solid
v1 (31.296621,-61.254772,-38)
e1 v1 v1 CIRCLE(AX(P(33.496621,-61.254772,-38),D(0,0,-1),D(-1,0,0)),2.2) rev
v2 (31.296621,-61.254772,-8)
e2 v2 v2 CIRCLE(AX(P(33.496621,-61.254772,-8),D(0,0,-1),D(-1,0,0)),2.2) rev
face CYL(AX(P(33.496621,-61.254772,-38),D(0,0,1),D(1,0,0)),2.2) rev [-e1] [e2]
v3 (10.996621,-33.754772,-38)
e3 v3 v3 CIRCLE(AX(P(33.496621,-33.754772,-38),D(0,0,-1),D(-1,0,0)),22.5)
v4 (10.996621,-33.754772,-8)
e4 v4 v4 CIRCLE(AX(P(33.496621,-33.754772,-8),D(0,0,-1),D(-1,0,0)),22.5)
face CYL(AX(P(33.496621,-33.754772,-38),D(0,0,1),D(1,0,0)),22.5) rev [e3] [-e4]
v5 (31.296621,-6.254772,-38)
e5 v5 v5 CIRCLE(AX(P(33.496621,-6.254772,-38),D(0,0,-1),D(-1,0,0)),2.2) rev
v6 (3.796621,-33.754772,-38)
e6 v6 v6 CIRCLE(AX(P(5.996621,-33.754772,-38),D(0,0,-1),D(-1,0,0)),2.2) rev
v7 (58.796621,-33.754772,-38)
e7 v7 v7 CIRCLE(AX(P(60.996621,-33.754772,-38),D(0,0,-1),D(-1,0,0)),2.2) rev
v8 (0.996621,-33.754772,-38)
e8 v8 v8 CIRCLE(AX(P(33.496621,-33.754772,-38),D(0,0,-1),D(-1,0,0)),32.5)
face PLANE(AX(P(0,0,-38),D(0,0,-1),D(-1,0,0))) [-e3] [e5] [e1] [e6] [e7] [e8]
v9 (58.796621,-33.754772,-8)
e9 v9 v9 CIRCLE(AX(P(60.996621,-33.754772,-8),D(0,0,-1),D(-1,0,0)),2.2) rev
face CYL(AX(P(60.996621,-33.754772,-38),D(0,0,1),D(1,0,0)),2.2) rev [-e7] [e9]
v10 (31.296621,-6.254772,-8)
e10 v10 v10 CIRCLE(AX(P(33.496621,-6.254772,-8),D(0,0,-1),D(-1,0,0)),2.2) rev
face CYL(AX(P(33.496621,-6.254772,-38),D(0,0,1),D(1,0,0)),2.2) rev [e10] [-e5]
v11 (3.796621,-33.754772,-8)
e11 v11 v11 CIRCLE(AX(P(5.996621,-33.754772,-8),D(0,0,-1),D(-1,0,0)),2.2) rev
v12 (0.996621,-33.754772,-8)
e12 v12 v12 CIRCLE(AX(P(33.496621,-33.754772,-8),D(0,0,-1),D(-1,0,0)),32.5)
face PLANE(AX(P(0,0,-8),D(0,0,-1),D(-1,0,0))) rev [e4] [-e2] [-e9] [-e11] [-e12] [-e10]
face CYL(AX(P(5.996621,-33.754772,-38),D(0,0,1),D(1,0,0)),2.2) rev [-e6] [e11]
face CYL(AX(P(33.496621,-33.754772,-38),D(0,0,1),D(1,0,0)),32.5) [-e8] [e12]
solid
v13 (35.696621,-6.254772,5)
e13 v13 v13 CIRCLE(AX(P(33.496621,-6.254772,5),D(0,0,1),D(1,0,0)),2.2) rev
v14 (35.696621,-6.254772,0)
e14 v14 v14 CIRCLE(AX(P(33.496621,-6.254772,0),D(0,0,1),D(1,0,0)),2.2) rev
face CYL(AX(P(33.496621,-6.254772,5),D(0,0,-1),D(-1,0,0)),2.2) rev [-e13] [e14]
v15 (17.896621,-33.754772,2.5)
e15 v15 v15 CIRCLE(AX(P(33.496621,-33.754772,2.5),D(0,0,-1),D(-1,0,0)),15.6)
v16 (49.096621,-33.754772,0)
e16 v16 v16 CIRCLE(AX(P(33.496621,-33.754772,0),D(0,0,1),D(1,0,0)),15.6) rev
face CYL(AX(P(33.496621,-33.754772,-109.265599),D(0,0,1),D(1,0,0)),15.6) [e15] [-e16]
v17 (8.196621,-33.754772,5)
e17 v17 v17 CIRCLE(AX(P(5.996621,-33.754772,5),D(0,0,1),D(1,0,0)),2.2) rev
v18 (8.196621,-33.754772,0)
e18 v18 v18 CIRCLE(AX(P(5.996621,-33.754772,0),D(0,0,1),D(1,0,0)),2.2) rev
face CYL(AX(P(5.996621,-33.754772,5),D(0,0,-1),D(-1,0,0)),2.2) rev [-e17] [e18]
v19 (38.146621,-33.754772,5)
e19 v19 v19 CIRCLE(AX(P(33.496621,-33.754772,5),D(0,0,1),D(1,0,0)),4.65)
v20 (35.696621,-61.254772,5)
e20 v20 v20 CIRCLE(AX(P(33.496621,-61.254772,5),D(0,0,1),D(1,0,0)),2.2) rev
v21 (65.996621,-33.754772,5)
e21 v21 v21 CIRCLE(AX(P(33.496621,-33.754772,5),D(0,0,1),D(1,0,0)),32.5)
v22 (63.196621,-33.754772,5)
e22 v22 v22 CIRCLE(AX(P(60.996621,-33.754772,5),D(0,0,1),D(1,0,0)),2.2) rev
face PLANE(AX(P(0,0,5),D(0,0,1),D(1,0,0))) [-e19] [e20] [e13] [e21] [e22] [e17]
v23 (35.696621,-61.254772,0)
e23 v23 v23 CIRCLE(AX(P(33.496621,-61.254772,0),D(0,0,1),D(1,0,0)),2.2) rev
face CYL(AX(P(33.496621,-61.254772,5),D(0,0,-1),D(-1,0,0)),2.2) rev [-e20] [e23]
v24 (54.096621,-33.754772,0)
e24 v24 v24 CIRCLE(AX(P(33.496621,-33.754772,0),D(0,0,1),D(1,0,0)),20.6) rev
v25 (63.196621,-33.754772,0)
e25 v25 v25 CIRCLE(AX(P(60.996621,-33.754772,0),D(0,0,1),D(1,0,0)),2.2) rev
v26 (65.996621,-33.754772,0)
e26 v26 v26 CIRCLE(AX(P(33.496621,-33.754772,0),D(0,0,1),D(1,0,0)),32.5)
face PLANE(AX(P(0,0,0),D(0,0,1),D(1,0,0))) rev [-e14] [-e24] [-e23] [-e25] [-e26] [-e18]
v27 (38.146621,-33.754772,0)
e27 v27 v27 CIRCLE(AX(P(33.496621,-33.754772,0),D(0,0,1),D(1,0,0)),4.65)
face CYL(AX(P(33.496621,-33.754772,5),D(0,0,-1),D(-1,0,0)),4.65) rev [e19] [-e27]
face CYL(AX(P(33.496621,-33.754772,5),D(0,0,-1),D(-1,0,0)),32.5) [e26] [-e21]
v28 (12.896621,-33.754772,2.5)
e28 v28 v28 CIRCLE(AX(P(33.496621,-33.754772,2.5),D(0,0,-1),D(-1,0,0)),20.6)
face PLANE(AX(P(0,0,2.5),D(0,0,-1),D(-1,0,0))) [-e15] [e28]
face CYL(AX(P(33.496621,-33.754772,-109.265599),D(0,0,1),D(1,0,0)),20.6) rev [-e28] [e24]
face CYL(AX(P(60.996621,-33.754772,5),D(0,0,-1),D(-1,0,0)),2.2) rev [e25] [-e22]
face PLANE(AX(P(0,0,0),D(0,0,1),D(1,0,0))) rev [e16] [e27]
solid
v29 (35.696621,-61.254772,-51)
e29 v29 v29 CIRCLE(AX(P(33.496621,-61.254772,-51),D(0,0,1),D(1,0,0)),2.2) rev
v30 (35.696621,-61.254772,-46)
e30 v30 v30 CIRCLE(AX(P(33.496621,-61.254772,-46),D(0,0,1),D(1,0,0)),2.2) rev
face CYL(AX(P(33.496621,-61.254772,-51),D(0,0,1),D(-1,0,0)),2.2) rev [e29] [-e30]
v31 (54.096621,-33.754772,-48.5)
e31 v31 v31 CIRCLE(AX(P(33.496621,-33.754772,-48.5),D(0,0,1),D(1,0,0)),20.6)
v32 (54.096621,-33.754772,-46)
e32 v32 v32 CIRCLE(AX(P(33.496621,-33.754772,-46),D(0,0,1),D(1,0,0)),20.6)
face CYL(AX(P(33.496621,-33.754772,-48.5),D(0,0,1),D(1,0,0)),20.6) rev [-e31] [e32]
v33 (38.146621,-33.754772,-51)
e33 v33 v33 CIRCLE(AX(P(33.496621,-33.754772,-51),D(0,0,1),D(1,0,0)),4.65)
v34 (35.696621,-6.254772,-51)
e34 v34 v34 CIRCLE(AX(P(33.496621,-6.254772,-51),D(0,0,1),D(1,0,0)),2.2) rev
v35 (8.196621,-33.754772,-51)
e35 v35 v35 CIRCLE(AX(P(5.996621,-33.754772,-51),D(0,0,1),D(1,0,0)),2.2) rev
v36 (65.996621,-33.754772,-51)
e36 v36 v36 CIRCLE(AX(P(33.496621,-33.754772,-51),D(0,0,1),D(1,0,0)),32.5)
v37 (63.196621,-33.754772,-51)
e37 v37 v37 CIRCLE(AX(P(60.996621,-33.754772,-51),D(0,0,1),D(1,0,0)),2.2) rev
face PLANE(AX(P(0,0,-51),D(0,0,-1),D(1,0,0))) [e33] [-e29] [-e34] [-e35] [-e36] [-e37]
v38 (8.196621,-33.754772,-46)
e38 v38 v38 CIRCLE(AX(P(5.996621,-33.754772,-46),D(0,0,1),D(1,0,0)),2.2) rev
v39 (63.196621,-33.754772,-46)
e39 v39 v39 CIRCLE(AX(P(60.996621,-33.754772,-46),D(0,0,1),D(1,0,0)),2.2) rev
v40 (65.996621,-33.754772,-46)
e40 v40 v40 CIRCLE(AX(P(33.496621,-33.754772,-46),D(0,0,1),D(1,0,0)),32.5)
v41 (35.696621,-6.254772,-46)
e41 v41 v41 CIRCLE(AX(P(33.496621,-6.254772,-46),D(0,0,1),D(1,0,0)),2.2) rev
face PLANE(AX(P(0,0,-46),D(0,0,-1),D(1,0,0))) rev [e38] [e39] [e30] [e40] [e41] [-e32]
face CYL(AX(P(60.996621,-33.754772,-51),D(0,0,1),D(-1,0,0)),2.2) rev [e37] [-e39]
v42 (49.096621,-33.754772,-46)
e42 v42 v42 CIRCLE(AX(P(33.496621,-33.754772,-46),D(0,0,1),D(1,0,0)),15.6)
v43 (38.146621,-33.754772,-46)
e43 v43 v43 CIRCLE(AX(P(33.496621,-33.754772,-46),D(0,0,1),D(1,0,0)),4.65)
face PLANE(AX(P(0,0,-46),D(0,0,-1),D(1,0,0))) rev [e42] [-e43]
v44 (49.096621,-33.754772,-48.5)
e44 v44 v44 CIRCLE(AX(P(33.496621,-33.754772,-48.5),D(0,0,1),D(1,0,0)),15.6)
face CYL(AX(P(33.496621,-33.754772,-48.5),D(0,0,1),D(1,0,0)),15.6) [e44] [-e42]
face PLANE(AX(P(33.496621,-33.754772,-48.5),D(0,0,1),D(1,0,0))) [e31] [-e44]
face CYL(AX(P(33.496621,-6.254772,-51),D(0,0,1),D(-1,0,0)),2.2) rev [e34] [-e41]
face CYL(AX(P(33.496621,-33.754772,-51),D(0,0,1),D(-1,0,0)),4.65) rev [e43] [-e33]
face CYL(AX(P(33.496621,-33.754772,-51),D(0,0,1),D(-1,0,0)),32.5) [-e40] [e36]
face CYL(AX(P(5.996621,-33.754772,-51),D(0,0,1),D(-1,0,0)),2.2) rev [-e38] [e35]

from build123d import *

# Parameters (mm, degrees)
SKETCH2_R               = 32.5
SKETCH2_R_2             = 2.2
SKETCH2_R_3             = 4.65
BOSS_EXTRUDE1_DEPTH     = 5
BOSS_EXTRUDE2_START     = 8
SKETCH3_R               = 32.5
SKETCH3_R_2             = 22.5
SKETCH3_R_3             = 2.2
BOSS_EXTRUDE2_DEPTH     = 30
CUT_EXTRUDE1_DEPTH      = 8
CUT_EXTRUDE1_DEPTH_BACK = 2.5
SKETCH4_R               = 20.6
SKETCH4_R_2             = 15.6
CUT_EXTRUDE2_START      = -2.5
SKETCH5_R               = 20.6
SKETCH5_R_2             = 15.6
CUT_EXTRUDE2_DEPTH      = 2.5


with BuildPart() as part:
    # Sketch2 → Boss-Extrude1 (new body)
    with BuildSketch(Plane.XY):
        with Locations((33.49662103, -33.754772237)):
            Circle(SKETCH2_R)
        with Locations((33.49662103, -6.254772237)):
            Circle(SKETCH2_R_2, mode=Mode.SUBTRACT)
        with Locations((5.99662103, -33.754772237)):
            Circle(SKETCH2_R_2, mode=Mode.SUBTRACT)
        with Locations((33.49662103, -61.254772237)):
            Circle(SKETCH2_R_2, mode=Mode.SUBTRACT)
        with Locations((60.99662103, -33.754772237)):
            Circle(SKETCH2_R_2, mode=Mode.SUBTRACT)
        with Locations((33.49662103, -33.754772237)):
            Circle(SKETCH2_R_3, mode=Mode.SUBTRACT)
    extrude(amount=BOSS_EXTRUDE1_DEPTH)


with BuildPart() as body_2:
    # Sketch3 → Boss-Extrude2 (new body)
    with BuildSketch(Plane(origin=(0, 0, 0), x_dir=(-1, 0, 0), z_dir=(0, 0, -1)).offset(BOSS_EXTRUDE2_START)):
        with Locations((-33.49662103, -33.754772237)):
            Circle(SKETCH3_R)
        with Locations((-33.49662103, -33.754772237)):
            Circle(SKETCH3_R_2, mode=Mode.SUBTRACT)
        with Locations((-33.49662103, -6.254772237)):
            Circle(SKETCH3_R_3, mode=Mode.SUBTRACT)
        with Locations((-5.99662103, -33.754772237)):
            Circle(SKETCH3_R_3, mode=Mode.SUBTRACT)
        with Locations((-33.49662103, -61.254772237)):
            Circle(SKETCH3_R_3, mode=Mode.SUBTRACT)
        with Locations((-60.99662103, -33.754772237)):
            Circle(SKETCH3_R_3, mode=Mode.SUBTRACT)
    extrude(amount=BOSS_EXTRUDE2_DEPTH)


with BuildPart() as body_3:
    # Mirror1: mirrored copy
    add(part.part.mirror(Plane(origin=(0, 0, -23), x_dir=(1, 0, 0), z_dir=(0, 0, -1))))

    # Sketch5 → Cut-Extrude2 (cut)
    with BuildSketch(Plane.XY.offset(-46).offset(CUT_EXTRUDE2_START)):
        with Locations((33.49662103, -33.754772237)):
            Circle(SKETCH5_R)
        with Locations((33.49662103, -33.754772237)):
            Circle(SKETCH5_R_2, mode=Mode.SUBTRACT)
    extrude(amount=CUT_EXTRUDE2_DEPTH, mode=Mode.SUBTRACT)


with BuildPart() as part_1:
    add(part.part)

    # Sketch4 → Cut-Extrude1 (cut, two sides: drawn at the far end of the back side and taken through both)
    with BuildSketch(Plane(origin=(0, 0, 0), x_dir=(-1, 0, 0), z_dir=(0, 0, -1)).offset(-CUT_EXTRUDE1_DEPTH_BACK)):
        with Locations(Location((-33.49662103, -33.754772237, 0), (0, 0, 180))):
            Circle(SKETCH4_R)
        with Locations(Location((-33.49662103, -33.754772237, 0), (0, 0, 180))):
            Circle(SKETCH4_R_2, mode=Mode.SUBTRACT)
    extrude(amount=CUT_EXTRUDE1_DEPTH + CUT_EXTRUDE1_DEPTH_BACK, mode=Mode.SUBTRACT)


solid = Compound([body_2.part, body_3.part, part_1.part])
